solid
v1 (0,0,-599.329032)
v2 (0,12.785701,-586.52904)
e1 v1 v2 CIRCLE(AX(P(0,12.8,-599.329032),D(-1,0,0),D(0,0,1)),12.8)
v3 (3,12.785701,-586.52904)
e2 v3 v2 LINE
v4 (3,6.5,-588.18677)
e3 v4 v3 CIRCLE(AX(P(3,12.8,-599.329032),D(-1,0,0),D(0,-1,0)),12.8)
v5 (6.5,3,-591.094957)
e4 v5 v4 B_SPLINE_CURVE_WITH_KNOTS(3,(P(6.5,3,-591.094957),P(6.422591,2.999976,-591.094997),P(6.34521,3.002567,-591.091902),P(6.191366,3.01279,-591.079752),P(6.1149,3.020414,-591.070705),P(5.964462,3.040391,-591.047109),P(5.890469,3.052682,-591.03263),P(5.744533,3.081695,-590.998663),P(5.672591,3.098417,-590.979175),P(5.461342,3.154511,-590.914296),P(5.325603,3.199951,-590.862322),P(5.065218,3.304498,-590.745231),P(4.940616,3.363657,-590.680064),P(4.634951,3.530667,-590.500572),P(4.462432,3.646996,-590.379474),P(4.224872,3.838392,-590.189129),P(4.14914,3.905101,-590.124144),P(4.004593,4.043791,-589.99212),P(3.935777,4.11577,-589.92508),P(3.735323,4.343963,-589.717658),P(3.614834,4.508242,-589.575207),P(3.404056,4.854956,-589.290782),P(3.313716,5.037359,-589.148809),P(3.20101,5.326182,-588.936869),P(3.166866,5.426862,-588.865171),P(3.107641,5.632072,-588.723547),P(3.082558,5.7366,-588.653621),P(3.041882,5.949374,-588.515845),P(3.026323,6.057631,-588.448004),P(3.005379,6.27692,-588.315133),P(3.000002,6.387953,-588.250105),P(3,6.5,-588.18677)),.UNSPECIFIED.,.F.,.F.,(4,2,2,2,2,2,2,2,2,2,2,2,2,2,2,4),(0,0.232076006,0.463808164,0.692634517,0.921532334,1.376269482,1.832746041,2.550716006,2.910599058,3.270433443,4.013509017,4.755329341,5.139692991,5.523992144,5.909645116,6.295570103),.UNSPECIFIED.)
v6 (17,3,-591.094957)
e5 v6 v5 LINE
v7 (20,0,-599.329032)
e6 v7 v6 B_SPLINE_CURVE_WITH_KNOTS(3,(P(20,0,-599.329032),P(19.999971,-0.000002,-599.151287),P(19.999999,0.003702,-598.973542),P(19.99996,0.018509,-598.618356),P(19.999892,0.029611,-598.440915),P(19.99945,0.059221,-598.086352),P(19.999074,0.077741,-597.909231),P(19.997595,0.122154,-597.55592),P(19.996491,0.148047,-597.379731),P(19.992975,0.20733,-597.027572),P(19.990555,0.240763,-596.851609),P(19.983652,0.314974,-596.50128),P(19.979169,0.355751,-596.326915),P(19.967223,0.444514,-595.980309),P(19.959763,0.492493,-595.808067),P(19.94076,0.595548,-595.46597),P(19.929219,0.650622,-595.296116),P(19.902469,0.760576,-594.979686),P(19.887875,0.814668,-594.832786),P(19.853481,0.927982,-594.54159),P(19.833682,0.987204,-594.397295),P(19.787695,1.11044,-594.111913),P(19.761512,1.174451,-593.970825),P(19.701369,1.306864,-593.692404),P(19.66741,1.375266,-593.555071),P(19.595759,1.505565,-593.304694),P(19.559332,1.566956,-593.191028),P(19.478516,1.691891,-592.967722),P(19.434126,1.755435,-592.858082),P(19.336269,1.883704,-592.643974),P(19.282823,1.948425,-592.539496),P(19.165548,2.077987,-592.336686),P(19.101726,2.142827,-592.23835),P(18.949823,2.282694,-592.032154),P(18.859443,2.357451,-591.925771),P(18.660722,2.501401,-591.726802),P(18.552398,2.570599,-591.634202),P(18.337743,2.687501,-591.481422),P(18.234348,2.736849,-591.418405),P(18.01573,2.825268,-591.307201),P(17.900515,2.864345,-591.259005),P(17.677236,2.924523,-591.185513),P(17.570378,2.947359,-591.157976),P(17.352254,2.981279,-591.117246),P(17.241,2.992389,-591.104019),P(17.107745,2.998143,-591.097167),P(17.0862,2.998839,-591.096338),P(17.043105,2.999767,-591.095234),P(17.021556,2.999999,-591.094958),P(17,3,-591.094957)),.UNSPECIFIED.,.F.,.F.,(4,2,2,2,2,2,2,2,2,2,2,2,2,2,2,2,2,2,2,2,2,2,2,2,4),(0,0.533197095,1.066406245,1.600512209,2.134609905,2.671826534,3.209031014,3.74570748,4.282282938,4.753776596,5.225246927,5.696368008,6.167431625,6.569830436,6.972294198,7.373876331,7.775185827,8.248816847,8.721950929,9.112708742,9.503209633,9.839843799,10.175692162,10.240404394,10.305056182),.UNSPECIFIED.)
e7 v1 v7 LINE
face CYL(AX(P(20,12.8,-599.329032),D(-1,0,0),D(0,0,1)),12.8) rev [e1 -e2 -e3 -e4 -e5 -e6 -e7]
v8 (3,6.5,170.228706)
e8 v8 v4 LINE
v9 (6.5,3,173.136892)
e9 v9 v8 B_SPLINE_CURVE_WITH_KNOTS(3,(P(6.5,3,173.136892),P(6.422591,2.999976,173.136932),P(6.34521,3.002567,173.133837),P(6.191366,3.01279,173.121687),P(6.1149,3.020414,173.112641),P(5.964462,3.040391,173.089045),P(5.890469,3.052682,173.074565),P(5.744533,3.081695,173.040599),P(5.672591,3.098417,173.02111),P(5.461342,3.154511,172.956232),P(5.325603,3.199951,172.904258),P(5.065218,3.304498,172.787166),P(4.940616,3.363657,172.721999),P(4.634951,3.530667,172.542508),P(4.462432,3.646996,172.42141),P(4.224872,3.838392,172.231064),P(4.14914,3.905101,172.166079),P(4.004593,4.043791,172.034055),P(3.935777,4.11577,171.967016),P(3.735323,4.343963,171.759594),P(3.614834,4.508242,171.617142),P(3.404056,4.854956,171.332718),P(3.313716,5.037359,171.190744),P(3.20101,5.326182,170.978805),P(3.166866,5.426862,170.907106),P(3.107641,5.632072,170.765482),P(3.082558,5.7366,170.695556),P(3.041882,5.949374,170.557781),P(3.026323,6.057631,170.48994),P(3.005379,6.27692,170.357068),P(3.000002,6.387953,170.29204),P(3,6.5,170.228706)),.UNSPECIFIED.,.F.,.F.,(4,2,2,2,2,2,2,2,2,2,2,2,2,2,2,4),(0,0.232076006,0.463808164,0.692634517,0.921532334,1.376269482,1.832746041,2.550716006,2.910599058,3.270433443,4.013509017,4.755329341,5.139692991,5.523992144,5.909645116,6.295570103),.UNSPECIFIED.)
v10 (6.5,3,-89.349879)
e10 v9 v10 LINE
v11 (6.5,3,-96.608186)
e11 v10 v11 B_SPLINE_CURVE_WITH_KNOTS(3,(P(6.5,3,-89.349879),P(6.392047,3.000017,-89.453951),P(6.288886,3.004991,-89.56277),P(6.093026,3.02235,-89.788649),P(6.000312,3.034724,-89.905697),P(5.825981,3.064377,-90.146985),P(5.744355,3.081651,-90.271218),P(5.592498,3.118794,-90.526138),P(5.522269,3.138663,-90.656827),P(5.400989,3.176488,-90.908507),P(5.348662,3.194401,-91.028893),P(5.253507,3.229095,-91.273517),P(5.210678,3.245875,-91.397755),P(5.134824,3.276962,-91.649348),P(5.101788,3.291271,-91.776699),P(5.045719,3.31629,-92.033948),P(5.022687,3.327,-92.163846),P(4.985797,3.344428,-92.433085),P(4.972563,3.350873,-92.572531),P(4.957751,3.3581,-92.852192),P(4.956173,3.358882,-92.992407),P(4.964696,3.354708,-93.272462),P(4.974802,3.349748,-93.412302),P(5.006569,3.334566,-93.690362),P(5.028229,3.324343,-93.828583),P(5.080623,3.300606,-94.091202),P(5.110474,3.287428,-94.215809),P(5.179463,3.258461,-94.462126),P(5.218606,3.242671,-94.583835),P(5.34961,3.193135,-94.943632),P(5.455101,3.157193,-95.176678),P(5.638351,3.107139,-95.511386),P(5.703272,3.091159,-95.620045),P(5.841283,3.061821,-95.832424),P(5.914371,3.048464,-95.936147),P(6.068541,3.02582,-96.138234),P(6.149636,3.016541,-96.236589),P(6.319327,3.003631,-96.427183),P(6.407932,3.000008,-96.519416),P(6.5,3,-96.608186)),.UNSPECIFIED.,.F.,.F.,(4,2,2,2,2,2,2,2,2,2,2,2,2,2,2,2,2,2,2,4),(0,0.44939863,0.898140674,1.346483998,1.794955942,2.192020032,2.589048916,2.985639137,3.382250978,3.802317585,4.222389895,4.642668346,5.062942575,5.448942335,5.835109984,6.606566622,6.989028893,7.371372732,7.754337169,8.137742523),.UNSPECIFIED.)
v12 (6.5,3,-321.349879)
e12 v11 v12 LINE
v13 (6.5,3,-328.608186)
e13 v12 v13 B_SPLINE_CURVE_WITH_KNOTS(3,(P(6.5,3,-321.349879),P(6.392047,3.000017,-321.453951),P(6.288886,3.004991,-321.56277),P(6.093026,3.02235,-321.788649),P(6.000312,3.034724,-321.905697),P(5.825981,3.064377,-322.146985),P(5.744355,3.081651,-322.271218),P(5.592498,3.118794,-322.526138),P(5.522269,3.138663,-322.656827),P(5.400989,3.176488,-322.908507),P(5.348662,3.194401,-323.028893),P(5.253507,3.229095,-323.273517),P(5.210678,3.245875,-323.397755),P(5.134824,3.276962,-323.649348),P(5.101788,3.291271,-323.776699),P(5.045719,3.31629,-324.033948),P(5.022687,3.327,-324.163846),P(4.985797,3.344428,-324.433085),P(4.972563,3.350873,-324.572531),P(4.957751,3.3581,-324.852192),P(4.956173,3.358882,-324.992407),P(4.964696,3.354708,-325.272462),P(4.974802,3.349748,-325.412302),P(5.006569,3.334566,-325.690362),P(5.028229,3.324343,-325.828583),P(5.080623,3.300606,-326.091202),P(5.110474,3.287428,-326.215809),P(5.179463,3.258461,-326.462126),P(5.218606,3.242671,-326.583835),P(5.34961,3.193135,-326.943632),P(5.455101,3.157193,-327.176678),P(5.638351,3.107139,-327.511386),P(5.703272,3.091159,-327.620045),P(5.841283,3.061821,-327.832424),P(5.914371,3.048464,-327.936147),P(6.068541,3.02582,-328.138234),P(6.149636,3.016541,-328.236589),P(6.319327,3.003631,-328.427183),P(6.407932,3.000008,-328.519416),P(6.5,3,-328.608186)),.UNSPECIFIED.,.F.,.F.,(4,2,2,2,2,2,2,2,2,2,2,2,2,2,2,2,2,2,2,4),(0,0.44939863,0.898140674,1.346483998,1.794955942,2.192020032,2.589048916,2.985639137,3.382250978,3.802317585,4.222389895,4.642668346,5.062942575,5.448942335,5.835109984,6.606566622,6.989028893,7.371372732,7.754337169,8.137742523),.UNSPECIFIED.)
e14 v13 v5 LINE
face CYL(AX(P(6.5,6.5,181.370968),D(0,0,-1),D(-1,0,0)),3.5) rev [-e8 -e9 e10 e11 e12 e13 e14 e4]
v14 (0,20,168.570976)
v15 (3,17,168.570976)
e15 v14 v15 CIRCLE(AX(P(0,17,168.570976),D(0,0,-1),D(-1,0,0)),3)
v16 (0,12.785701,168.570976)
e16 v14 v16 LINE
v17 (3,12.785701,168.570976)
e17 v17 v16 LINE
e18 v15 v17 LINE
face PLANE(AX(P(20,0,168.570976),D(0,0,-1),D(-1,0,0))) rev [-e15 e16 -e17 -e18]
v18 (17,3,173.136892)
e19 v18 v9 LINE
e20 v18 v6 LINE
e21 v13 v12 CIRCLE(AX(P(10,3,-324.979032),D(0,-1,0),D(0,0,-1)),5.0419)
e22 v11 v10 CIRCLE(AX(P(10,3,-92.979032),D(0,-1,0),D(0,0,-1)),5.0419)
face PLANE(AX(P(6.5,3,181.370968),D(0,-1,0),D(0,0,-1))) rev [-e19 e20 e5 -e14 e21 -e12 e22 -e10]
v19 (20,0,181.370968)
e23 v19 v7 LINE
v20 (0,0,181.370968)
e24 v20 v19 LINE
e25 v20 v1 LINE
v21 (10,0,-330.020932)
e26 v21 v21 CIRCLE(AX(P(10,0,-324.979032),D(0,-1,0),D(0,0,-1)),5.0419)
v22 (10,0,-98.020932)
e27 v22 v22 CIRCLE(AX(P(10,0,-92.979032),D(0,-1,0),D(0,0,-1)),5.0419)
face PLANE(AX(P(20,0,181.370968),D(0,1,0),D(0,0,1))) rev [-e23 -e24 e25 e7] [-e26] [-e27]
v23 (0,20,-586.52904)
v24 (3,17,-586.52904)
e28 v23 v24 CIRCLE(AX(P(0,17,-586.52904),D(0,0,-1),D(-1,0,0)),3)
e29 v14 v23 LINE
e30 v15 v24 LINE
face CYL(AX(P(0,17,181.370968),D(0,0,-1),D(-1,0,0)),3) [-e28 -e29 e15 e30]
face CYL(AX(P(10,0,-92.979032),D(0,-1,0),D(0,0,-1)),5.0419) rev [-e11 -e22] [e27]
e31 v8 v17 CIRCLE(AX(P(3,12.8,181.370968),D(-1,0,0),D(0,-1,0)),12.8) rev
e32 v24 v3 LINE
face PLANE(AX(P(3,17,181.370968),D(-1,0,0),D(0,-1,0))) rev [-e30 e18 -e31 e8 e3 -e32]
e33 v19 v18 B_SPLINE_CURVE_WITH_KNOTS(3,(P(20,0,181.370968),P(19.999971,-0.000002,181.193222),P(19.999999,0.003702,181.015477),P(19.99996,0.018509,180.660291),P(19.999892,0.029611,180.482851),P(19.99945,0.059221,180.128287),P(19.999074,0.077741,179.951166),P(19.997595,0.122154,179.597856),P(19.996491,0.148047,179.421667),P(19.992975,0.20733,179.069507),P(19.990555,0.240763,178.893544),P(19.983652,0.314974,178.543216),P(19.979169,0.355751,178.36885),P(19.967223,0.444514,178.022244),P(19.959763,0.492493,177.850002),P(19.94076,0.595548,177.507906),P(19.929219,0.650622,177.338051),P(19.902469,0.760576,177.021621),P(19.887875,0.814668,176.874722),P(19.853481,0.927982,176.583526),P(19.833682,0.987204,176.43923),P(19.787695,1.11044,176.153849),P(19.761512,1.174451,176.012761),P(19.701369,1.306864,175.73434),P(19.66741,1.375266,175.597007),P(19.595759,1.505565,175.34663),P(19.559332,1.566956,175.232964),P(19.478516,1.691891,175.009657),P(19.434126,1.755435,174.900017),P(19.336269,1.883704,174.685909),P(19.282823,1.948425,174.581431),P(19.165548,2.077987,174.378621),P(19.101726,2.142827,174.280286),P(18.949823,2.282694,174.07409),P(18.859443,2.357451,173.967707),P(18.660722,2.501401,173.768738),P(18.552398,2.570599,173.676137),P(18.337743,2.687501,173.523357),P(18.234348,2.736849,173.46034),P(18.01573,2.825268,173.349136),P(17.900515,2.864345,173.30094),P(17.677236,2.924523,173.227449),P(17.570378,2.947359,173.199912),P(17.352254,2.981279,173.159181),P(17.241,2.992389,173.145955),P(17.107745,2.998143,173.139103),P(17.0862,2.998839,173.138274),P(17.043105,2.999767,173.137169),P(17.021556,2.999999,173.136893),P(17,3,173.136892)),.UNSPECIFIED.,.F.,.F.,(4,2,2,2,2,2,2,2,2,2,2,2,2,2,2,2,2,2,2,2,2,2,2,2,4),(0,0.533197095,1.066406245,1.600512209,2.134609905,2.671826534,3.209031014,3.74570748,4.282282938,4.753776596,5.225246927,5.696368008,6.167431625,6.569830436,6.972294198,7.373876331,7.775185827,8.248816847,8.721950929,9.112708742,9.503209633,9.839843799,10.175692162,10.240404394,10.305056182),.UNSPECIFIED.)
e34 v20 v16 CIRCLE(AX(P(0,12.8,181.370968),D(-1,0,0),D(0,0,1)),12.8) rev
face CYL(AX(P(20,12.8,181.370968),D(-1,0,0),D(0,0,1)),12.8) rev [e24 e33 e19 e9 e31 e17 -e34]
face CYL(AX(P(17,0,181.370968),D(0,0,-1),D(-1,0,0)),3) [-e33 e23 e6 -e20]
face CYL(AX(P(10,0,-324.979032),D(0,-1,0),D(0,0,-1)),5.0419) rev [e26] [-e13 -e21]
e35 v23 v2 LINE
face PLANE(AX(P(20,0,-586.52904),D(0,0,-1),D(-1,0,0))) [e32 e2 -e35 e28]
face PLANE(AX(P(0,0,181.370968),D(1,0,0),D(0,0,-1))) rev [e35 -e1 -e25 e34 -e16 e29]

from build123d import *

# Parameters (mm, degrees)
MIEMBRO_ESTRUCTURAL1_DEPTH    = 780.7
CORTAR_EXTRUIR2_DEPTH         = 600.996074077
TALADRO_DE_MARGEN_PARA_3_81_D = 10.0838


with BuildPart() as part:
    # Sketch1 → Miembro estructural1 (new body)
    with BuildSketch(Plane.XY.offset(-599.329032258)):
        with BuildLine():
            Line((0, 0), (0, 20))
            ThreePointArc((0, 20), (2.121320344, 19.121320344), (3, 17))
            Line((3, 17), (3, 6.5))
            ThreePointArc((3, 6.5), (4.025126266, 4.025126266), (6.5, 3))
            Line((6.5, 3), (17, 3))
            ThreePointArc((17, 3), (19.121320344, 2.121320344), (20, 0))
            Line((20, 0), (0, 0))
        make_face()
    extrude(amount=MIEMBRO_ESTRUCTURAL1_DEPTH)

    # Croquis2 → Cortar-Extruir2 (cut, through all)
    with BuildSketch(Plane.YZ):
        with BuildLine():
            Line((20, 181.370967742), (0, 181.370967742))
            ThreePointArc((0, 181.370967742), (3.743979256, 172.325057712), (12.785701293, 168.570975728))
            Line((12.785701293, 168.570975728), (20, 168.570975728))
            Line((20, 168.570975728), (20, 181.370967742))
        make_face()
        with BuildLine():
            ThreePointArc((12.785701293, -586.529040245), (3.743979256, -590.283122228), (0, -599.329032258))
            Line((0, -599.329032258), (20, -599.329032258))
            Line((20, -599.329032258), (20, -586.529040245))
            Line((20, -586.529040245), (12.785701293, -586.529040245))
        make_face()
    extrude(amount=CORTAR_EXTRUIR2_DEPTH, mode=Mode.SUBTRACT)

    # Taladro de margen para 3/81 (through all)
    with Locations(Plane(origin=(0, 0, 0), x_dir=(-1, 0, 0), z_dir=(0, -1, 0))):
        with Locations((-10, 92.979032258), (-10, 324.979032258)):
            Hole(TALADRO_DE_MARGEN_PARA_3_81_D / 2)


solid = part.part
